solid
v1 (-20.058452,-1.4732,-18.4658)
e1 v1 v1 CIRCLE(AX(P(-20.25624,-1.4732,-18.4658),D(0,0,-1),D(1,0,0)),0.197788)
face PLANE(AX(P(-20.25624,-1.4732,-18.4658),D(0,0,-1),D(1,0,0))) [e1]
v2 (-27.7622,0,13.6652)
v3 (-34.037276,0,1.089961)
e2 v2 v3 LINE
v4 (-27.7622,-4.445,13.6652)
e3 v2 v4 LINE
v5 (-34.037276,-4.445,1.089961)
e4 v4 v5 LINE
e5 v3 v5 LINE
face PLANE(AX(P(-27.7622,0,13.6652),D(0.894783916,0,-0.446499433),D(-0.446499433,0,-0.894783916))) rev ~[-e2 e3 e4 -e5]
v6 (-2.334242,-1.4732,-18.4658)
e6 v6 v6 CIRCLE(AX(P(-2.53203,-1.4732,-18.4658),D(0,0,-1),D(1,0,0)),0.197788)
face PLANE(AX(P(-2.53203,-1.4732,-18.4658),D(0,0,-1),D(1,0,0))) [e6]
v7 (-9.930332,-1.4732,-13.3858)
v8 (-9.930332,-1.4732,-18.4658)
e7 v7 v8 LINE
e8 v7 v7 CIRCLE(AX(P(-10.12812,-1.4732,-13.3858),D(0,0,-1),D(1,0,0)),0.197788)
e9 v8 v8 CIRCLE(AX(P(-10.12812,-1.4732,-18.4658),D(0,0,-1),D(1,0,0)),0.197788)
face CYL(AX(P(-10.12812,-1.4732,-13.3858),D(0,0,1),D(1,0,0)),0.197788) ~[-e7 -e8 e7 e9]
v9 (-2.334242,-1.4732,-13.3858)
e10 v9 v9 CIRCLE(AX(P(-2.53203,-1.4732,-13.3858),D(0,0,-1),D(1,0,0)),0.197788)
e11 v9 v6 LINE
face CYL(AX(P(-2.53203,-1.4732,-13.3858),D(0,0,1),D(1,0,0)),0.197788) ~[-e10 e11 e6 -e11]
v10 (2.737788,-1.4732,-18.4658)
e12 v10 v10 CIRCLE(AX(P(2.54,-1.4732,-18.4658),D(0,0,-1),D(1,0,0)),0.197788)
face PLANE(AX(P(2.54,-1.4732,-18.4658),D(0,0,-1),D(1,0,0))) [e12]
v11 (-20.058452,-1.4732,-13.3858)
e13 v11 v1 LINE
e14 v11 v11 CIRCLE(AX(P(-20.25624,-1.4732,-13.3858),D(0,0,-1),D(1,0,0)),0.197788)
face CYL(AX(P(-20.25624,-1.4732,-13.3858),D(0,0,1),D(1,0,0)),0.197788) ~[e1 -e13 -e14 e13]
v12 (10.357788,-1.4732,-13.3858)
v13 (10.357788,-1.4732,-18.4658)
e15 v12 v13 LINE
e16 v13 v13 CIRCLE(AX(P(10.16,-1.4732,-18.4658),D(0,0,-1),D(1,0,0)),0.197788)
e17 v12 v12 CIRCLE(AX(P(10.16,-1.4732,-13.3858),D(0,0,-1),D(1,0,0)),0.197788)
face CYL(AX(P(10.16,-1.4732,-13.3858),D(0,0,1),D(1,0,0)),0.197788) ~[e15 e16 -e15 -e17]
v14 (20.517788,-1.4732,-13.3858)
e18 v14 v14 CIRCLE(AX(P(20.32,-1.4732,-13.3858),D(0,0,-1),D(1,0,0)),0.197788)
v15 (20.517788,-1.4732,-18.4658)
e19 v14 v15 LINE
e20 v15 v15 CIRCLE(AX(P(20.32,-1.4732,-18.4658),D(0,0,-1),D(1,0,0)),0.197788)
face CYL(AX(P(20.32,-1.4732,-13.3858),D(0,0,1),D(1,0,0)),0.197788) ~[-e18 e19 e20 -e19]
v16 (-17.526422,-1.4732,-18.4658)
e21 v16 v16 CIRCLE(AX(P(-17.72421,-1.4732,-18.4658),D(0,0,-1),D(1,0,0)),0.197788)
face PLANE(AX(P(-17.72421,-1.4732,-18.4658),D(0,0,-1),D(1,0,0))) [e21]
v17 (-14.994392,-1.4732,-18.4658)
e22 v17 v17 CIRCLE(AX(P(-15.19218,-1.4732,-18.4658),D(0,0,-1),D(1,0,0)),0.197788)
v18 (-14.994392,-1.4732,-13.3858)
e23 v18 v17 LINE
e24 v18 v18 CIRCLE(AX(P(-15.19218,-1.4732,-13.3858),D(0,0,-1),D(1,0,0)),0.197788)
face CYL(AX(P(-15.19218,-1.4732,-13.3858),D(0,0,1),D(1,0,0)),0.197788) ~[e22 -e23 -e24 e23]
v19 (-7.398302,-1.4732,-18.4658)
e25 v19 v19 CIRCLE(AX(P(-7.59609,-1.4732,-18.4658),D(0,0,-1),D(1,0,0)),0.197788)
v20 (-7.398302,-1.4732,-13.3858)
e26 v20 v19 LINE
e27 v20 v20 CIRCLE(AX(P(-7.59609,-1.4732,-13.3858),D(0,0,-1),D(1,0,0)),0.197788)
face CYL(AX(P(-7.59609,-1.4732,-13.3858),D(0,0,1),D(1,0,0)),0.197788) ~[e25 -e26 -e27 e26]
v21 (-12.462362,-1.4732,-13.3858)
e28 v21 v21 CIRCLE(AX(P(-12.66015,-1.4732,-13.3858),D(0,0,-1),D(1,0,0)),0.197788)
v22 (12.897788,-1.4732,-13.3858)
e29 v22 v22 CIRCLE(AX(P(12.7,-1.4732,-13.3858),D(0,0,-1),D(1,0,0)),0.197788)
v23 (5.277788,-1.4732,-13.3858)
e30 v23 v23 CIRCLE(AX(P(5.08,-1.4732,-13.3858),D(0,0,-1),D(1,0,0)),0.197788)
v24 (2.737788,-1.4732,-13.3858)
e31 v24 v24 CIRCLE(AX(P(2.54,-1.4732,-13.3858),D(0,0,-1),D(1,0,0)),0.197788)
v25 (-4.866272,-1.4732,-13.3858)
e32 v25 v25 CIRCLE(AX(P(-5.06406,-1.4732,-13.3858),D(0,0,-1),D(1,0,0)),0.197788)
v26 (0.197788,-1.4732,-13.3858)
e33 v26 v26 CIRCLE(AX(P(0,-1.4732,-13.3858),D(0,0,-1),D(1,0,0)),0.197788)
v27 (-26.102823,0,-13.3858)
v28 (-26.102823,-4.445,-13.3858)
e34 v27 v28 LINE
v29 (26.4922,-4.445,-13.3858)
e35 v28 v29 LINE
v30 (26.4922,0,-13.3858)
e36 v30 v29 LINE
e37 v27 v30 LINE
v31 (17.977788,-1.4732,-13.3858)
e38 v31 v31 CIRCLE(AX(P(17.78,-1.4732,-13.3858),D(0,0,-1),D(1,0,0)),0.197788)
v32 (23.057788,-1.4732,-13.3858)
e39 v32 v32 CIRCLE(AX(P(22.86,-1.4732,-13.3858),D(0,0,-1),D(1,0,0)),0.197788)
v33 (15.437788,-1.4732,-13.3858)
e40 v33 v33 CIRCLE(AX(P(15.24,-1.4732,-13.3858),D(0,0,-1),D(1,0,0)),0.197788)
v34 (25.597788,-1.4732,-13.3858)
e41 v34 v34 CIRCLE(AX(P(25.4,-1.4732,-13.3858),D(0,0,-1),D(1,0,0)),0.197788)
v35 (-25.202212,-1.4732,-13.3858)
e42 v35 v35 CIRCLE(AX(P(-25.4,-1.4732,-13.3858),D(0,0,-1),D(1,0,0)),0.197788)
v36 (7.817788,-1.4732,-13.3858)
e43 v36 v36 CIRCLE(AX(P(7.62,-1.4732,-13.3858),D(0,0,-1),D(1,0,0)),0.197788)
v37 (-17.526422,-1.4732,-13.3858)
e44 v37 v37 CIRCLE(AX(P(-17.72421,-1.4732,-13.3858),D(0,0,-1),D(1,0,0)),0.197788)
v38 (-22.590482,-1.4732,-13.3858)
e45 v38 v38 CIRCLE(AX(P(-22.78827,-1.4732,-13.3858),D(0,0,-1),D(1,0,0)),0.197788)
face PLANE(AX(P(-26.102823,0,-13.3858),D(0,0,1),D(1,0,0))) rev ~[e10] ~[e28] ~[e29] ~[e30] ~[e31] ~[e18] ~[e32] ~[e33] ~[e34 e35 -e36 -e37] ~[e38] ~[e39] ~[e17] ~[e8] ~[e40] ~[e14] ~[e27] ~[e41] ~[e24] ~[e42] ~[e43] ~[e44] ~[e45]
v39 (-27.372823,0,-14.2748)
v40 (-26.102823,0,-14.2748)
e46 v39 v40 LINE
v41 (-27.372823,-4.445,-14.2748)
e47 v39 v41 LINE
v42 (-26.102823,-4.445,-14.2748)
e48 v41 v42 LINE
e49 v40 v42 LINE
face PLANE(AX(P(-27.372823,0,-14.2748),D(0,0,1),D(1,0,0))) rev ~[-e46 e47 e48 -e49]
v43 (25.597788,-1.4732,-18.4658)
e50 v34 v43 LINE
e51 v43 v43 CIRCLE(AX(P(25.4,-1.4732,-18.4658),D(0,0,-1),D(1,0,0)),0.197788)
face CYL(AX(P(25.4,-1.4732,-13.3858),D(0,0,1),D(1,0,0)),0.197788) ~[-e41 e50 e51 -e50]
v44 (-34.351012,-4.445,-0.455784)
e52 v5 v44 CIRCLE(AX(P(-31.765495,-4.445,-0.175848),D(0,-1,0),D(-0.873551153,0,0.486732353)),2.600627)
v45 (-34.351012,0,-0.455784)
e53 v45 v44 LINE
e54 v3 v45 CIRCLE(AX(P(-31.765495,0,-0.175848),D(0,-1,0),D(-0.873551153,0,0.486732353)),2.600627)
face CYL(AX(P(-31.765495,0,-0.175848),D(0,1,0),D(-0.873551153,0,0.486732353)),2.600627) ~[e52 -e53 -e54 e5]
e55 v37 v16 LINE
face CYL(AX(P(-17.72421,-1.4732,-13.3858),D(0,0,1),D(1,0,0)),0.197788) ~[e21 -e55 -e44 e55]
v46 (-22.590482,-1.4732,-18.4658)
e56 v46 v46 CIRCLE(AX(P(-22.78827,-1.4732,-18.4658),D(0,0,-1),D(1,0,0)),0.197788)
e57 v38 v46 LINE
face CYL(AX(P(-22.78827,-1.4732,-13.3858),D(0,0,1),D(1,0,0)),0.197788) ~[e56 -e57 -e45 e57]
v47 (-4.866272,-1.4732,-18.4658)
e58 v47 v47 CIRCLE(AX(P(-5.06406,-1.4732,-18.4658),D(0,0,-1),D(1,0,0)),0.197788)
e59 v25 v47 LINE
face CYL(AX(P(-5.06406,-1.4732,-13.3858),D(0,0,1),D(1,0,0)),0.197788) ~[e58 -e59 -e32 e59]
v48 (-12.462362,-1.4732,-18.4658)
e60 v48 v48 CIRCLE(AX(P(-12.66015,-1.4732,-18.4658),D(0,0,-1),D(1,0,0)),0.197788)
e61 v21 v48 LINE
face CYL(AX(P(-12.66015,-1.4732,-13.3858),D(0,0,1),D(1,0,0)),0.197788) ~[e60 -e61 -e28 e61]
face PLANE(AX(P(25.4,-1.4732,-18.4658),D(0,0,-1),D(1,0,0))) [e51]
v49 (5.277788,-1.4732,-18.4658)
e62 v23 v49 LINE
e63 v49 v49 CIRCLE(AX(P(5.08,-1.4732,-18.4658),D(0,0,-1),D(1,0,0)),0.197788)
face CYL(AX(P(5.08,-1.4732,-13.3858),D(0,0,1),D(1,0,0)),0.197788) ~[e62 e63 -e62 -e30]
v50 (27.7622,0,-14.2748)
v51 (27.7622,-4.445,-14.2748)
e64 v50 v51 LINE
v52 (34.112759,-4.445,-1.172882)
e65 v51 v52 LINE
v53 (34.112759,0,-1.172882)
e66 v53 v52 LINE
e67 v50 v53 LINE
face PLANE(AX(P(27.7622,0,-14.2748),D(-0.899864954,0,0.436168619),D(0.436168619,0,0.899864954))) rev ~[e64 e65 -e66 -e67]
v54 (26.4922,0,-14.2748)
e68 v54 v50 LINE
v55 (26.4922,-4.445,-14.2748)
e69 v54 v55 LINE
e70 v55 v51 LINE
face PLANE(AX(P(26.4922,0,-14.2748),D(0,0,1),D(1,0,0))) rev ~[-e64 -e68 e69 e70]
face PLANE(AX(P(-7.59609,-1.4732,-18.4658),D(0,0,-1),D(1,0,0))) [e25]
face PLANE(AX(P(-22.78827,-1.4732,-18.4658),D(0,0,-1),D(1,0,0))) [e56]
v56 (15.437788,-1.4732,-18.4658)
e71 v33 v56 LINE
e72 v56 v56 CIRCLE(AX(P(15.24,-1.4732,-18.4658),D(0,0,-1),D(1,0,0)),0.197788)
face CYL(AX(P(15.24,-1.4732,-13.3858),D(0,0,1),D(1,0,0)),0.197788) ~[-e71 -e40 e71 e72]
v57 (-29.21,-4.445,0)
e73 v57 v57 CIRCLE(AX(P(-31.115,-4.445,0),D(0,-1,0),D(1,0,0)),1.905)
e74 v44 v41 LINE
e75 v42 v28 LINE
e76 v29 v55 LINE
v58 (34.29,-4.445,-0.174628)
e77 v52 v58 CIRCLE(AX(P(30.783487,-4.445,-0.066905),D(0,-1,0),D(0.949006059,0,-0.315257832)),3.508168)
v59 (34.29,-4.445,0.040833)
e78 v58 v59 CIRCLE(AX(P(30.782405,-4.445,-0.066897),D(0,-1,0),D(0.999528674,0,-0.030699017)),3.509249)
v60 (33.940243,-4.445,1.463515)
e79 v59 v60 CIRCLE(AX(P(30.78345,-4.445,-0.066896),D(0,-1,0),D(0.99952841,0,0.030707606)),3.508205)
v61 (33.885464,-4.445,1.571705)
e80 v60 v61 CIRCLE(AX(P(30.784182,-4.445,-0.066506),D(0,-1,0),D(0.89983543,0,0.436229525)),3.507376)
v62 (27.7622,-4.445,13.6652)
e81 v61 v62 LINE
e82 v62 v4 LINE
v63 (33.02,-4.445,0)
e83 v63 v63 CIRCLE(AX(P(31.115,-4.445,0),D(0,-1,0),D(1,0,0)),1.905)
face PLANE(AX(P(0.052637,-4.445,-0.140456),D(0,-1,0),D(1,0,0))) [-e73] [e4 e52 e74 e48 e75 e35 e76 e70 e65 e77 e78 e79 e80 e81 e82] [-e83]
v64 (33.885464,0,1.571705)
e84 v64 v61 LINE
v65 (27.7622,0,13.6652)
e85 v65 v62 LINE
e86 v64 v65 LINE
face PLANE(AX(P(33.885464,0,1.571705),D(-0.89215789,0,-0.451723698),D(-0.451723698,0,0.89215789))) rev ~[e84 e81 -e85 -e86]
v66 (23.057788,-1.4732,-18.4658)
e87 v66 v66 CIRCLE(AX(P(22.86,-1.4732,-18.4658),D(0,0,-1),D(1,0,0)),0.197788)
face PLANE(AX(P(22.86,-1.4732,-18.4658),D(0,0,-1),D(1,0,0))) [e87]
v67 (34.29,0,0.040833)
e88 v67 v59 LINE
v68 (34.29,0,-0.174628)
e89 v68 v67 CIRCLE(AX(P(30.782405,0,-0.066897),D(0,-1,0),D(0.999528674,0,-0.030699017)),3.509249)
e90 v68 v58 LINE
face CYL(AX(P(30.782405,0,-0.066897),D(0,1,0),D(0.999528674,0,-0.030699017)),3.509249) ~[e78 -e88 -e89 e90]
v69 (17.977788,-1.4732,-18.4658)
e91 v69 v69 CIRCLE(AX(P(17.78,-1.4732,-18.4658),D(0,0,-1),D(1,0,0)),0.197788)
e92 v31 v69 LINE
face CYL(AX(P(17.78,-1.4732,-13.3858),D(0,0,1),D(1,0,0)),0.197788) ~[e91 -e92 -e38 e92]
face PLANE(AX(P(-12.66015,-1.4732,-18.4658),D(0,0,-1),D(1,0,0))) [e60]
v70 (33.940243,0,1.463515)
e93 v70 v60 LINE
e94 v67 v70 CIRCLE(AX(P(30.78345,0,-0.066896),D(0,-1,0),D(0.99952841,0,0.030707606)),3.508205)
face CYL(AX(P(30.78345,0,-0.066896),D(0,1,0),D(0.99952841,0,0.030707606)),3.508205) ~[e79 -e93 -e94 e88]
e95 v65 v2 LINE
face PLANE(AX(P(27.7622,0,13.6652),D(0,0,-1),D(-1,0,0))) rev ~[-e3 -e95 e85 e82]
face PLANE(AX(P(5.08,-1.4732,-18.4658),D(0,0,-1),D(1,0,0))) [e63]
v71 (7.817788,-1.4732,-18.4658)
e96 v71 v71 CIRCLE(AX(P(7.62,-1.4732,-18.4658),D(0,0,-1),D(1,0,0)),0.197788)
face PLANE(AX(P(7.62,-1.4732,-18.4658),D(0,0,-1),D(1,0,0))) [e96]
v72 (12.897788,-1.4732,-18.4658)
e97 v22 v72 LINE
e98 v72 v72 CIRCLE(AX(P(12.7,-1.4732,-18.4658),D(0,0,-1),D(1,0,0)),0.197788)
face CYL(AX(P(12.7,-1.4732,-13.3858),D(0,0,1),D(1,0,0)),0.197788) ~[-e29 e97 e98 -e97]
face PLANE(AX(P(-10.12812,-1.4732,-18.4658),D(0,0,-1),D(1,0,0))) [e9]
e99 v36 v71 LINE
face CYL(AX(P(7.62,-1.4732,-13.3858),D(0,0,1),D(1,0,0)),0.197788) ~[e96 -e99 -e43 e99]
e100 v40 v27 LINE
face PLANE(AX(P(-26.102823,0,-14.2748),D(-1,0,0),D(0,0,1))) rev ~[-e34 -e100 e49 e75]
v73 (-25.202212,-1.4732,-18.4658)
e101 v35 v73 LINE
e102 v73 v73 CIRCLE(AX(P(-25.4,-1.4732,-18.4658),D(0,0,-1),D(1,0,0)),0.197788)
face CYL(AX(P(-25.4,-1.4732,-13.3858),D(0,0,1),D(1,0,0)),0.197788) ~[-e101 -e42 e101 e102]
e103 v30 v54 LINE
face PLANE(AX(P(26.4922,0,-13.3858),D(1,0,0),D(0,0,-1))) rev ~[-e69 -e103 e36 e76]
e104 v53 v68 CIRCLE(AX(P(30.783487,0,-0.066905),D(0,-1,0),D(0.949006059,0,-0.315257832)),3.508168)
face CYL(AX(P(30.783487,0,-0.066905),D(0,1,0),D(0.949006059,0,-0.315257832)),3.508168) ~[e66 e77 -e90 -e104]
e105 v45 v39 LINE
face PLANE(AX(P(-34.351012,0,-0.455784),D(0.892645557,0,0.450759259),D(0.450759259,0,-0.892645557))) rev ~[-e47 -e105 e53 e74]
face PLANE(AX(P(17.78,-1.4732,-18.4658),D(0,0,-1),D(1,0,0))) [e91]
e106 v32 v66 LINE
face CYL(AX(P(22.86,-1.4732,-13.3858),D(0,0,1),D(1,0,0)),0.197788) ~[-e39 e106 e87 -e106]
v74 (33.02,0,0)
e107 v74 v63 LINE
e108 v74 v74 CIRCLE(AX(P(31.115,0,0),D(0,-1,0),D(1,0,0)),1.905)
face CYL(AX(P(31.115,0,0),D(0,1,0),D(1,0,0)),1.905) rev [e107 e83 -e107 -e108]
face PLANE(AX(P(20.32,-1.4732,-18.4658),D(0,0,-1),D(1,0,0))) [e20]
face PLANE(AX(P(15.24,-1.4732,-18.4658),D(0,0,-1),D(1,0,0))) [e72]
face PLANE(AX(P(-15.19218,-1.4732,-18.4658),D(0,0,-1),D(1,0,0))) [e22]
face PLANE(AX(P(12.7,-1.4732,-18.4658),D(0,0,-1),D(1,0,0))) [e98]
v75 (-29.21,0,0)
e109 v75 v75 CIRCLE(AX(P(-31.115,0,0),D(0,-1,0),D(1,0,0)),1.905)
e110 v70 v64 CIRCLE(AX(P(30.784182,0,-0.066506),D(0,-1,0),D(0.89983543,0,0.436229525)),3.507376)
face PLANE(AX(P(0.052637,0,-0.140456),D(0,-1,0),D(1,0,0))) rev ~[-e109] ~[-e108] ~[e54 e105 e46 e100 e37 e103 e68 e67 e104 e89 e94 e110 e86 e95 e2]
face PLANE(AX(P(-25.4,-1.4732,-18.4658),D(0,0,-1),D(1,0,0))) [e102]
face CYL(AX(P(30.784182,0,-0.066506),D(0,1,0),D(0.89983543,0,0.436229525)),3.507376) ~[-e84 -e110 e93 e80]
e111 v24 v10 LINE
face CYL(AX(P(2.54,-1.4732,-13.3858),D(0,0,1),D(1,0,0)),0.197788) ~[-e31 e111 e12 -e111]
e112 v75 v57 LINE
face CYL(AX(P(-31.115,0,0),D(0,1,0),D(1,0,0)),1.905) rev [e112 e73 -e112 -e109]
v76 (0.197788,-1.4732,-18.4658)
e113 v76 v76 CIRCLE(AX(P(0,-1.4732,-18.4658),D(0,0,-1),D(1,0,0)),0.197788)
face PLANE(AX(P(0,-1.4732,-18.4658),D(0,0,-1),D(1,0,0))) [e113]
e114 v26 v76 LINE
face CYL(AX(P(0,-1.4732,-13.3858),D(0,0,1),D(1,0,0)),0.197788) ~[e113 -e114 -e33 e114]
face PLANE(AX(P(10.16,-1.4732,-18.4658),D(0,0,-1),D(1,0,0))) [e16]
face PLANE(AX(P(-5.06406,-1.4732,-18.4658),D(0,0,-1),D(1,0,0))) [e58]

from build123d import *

# Parameters (mm, degrees)
F0_R     = 1.905
F1_DEPTH = 4.445
F2_R     = 0.197788
F3_DEPTH = 5.08


with BuildPart() as f1:
    # F0 (on Front) → F1 (new body)
    with BuildSketch(Plane.XZ):
        with BuildLine():
            Line((-34.351012, -0.455784), (-27.372823, -14.2748))
            Line((-27.372823, -14.2748), (-26.102823, -14.2748))
            Line((-26.102823, -14.2748), (-26.102823, -13.3858))
            Line((-26.102823, -13.3858), (26.4922, -13.3858))
            Line((26.4922, -13.3858), (26.4922, -14.2748))
            Line((26.4922, -14.2748), (27.7622, -14.2748))
            Line((27.7622, -14.2748), (34.112759, -1.172882))
            ThreePointArc((34.112759, -1.172882), (34.237632, -0.680191), (34.29, -0.174628))
            Line((34.29, -0.174628), (34.29, 0.040833))
            ThreePointArc((34.29, 0.040833), (34.190214, 0.770635), (33.940243, 1.463515))
            Line((33.940243, 1.463515), (33.885464, 1.571705))
            Line((33.885464, 1.571705), (27.7622, 13.6652))
            Line((27.7622, 13.6652), (-27.7622, 13.6652))
            Line((-27.7622, 13.6652), (-34.037276, 1.089961))
            ThreePointArc((-34.037276, 1.089961), (-34.314155, 0.341447), (-34.351012, -0.455784))
        make_face()
        with Locations((-31.115, 0)):
            Circle(F0_R, mode=Mode.SUBTRACT)
        with Locations((31.115, 0)):
            Circle(F0_R, mode=Mode.SUBTRACT)
        with BuildLine():
            ThreePointArc((33.940243, 1.463515), (33.913321, 1.517847), (33.885464, 1.571705))
            Line((33.885464, 1.571705), (33.940243, 1.463515))
        make_face()
        with BuildLine():
            Line((34.29, 0.040833), (34.29, -0.174628))
            ThreePointArc((34.29, -0.174628), (34.291654, -0.066897), (34.29, 0.040833))
        make_face()
    extrude(amount=F1_DEPTH)

    # F2 (on face) → F3 (join)
    with BuildSketch(Plane(origin=(0, 0, -13.3858), x_dir=(1, 0, 0), z_dir=(0, 0, -1))):
        with Locations((0, 1.4732)):
            Circle(F2_R)
        with Locations((2.54, 1.4732)):
            Circle(F2_R)
        with Locations((5.08, 1.4732)):
            Circle(F2_R)
        with Locations((7.62, 1.4732)):
            Circle(F2_R)
        with Locations((10.16, 1.4732)):
            Circle(F2_R)
        with Locations((12.7, 1.4732)):
            Circle(F2_R)
        with Locations((15.24, 1.4732)):
            Circle(F2_R)
        with Locations((17.78, 1.4732)):
            Circle(F2_R)
        with Locations((20.32, 1.4732)):
            Circle(F2_R)
        with Locations((22.86, 1.4732)):
            Circle(F2_R)
        with Locations((-2.53203, 1.4732)):
            Circle(F2_R)
        with Locations((-5.06406, 1.4732)):
            Circle(F2_R)
        with Locations((-7.59609, 1.4732)):
            Circle(F2_R)
        with Locations((-10.12812, 1.4732)):
            Circle(F2_R)
        with Locations((-12.66015, 1.4732)):
            Circle(F2_R)
        with Locations((-15.19218, 1.4732)):
            Circle(F2_R)
        with Locations((-17.72421, 1.4732)):
            Circle(F2_R)
        with Locations((-20.25624, 1.4732)):
            Circle(F2_R)
        with Locations((-22.78827, 1.4732)):
            Circle(F2_R)
        with Locations((25.4, 1.4732)):
            Circle(F2_R)
        with Locations((-25.4, 1.4732)):
            Circle(F2_R)
    extrude(amount=F3_DEPTH)


solid = f1.part
